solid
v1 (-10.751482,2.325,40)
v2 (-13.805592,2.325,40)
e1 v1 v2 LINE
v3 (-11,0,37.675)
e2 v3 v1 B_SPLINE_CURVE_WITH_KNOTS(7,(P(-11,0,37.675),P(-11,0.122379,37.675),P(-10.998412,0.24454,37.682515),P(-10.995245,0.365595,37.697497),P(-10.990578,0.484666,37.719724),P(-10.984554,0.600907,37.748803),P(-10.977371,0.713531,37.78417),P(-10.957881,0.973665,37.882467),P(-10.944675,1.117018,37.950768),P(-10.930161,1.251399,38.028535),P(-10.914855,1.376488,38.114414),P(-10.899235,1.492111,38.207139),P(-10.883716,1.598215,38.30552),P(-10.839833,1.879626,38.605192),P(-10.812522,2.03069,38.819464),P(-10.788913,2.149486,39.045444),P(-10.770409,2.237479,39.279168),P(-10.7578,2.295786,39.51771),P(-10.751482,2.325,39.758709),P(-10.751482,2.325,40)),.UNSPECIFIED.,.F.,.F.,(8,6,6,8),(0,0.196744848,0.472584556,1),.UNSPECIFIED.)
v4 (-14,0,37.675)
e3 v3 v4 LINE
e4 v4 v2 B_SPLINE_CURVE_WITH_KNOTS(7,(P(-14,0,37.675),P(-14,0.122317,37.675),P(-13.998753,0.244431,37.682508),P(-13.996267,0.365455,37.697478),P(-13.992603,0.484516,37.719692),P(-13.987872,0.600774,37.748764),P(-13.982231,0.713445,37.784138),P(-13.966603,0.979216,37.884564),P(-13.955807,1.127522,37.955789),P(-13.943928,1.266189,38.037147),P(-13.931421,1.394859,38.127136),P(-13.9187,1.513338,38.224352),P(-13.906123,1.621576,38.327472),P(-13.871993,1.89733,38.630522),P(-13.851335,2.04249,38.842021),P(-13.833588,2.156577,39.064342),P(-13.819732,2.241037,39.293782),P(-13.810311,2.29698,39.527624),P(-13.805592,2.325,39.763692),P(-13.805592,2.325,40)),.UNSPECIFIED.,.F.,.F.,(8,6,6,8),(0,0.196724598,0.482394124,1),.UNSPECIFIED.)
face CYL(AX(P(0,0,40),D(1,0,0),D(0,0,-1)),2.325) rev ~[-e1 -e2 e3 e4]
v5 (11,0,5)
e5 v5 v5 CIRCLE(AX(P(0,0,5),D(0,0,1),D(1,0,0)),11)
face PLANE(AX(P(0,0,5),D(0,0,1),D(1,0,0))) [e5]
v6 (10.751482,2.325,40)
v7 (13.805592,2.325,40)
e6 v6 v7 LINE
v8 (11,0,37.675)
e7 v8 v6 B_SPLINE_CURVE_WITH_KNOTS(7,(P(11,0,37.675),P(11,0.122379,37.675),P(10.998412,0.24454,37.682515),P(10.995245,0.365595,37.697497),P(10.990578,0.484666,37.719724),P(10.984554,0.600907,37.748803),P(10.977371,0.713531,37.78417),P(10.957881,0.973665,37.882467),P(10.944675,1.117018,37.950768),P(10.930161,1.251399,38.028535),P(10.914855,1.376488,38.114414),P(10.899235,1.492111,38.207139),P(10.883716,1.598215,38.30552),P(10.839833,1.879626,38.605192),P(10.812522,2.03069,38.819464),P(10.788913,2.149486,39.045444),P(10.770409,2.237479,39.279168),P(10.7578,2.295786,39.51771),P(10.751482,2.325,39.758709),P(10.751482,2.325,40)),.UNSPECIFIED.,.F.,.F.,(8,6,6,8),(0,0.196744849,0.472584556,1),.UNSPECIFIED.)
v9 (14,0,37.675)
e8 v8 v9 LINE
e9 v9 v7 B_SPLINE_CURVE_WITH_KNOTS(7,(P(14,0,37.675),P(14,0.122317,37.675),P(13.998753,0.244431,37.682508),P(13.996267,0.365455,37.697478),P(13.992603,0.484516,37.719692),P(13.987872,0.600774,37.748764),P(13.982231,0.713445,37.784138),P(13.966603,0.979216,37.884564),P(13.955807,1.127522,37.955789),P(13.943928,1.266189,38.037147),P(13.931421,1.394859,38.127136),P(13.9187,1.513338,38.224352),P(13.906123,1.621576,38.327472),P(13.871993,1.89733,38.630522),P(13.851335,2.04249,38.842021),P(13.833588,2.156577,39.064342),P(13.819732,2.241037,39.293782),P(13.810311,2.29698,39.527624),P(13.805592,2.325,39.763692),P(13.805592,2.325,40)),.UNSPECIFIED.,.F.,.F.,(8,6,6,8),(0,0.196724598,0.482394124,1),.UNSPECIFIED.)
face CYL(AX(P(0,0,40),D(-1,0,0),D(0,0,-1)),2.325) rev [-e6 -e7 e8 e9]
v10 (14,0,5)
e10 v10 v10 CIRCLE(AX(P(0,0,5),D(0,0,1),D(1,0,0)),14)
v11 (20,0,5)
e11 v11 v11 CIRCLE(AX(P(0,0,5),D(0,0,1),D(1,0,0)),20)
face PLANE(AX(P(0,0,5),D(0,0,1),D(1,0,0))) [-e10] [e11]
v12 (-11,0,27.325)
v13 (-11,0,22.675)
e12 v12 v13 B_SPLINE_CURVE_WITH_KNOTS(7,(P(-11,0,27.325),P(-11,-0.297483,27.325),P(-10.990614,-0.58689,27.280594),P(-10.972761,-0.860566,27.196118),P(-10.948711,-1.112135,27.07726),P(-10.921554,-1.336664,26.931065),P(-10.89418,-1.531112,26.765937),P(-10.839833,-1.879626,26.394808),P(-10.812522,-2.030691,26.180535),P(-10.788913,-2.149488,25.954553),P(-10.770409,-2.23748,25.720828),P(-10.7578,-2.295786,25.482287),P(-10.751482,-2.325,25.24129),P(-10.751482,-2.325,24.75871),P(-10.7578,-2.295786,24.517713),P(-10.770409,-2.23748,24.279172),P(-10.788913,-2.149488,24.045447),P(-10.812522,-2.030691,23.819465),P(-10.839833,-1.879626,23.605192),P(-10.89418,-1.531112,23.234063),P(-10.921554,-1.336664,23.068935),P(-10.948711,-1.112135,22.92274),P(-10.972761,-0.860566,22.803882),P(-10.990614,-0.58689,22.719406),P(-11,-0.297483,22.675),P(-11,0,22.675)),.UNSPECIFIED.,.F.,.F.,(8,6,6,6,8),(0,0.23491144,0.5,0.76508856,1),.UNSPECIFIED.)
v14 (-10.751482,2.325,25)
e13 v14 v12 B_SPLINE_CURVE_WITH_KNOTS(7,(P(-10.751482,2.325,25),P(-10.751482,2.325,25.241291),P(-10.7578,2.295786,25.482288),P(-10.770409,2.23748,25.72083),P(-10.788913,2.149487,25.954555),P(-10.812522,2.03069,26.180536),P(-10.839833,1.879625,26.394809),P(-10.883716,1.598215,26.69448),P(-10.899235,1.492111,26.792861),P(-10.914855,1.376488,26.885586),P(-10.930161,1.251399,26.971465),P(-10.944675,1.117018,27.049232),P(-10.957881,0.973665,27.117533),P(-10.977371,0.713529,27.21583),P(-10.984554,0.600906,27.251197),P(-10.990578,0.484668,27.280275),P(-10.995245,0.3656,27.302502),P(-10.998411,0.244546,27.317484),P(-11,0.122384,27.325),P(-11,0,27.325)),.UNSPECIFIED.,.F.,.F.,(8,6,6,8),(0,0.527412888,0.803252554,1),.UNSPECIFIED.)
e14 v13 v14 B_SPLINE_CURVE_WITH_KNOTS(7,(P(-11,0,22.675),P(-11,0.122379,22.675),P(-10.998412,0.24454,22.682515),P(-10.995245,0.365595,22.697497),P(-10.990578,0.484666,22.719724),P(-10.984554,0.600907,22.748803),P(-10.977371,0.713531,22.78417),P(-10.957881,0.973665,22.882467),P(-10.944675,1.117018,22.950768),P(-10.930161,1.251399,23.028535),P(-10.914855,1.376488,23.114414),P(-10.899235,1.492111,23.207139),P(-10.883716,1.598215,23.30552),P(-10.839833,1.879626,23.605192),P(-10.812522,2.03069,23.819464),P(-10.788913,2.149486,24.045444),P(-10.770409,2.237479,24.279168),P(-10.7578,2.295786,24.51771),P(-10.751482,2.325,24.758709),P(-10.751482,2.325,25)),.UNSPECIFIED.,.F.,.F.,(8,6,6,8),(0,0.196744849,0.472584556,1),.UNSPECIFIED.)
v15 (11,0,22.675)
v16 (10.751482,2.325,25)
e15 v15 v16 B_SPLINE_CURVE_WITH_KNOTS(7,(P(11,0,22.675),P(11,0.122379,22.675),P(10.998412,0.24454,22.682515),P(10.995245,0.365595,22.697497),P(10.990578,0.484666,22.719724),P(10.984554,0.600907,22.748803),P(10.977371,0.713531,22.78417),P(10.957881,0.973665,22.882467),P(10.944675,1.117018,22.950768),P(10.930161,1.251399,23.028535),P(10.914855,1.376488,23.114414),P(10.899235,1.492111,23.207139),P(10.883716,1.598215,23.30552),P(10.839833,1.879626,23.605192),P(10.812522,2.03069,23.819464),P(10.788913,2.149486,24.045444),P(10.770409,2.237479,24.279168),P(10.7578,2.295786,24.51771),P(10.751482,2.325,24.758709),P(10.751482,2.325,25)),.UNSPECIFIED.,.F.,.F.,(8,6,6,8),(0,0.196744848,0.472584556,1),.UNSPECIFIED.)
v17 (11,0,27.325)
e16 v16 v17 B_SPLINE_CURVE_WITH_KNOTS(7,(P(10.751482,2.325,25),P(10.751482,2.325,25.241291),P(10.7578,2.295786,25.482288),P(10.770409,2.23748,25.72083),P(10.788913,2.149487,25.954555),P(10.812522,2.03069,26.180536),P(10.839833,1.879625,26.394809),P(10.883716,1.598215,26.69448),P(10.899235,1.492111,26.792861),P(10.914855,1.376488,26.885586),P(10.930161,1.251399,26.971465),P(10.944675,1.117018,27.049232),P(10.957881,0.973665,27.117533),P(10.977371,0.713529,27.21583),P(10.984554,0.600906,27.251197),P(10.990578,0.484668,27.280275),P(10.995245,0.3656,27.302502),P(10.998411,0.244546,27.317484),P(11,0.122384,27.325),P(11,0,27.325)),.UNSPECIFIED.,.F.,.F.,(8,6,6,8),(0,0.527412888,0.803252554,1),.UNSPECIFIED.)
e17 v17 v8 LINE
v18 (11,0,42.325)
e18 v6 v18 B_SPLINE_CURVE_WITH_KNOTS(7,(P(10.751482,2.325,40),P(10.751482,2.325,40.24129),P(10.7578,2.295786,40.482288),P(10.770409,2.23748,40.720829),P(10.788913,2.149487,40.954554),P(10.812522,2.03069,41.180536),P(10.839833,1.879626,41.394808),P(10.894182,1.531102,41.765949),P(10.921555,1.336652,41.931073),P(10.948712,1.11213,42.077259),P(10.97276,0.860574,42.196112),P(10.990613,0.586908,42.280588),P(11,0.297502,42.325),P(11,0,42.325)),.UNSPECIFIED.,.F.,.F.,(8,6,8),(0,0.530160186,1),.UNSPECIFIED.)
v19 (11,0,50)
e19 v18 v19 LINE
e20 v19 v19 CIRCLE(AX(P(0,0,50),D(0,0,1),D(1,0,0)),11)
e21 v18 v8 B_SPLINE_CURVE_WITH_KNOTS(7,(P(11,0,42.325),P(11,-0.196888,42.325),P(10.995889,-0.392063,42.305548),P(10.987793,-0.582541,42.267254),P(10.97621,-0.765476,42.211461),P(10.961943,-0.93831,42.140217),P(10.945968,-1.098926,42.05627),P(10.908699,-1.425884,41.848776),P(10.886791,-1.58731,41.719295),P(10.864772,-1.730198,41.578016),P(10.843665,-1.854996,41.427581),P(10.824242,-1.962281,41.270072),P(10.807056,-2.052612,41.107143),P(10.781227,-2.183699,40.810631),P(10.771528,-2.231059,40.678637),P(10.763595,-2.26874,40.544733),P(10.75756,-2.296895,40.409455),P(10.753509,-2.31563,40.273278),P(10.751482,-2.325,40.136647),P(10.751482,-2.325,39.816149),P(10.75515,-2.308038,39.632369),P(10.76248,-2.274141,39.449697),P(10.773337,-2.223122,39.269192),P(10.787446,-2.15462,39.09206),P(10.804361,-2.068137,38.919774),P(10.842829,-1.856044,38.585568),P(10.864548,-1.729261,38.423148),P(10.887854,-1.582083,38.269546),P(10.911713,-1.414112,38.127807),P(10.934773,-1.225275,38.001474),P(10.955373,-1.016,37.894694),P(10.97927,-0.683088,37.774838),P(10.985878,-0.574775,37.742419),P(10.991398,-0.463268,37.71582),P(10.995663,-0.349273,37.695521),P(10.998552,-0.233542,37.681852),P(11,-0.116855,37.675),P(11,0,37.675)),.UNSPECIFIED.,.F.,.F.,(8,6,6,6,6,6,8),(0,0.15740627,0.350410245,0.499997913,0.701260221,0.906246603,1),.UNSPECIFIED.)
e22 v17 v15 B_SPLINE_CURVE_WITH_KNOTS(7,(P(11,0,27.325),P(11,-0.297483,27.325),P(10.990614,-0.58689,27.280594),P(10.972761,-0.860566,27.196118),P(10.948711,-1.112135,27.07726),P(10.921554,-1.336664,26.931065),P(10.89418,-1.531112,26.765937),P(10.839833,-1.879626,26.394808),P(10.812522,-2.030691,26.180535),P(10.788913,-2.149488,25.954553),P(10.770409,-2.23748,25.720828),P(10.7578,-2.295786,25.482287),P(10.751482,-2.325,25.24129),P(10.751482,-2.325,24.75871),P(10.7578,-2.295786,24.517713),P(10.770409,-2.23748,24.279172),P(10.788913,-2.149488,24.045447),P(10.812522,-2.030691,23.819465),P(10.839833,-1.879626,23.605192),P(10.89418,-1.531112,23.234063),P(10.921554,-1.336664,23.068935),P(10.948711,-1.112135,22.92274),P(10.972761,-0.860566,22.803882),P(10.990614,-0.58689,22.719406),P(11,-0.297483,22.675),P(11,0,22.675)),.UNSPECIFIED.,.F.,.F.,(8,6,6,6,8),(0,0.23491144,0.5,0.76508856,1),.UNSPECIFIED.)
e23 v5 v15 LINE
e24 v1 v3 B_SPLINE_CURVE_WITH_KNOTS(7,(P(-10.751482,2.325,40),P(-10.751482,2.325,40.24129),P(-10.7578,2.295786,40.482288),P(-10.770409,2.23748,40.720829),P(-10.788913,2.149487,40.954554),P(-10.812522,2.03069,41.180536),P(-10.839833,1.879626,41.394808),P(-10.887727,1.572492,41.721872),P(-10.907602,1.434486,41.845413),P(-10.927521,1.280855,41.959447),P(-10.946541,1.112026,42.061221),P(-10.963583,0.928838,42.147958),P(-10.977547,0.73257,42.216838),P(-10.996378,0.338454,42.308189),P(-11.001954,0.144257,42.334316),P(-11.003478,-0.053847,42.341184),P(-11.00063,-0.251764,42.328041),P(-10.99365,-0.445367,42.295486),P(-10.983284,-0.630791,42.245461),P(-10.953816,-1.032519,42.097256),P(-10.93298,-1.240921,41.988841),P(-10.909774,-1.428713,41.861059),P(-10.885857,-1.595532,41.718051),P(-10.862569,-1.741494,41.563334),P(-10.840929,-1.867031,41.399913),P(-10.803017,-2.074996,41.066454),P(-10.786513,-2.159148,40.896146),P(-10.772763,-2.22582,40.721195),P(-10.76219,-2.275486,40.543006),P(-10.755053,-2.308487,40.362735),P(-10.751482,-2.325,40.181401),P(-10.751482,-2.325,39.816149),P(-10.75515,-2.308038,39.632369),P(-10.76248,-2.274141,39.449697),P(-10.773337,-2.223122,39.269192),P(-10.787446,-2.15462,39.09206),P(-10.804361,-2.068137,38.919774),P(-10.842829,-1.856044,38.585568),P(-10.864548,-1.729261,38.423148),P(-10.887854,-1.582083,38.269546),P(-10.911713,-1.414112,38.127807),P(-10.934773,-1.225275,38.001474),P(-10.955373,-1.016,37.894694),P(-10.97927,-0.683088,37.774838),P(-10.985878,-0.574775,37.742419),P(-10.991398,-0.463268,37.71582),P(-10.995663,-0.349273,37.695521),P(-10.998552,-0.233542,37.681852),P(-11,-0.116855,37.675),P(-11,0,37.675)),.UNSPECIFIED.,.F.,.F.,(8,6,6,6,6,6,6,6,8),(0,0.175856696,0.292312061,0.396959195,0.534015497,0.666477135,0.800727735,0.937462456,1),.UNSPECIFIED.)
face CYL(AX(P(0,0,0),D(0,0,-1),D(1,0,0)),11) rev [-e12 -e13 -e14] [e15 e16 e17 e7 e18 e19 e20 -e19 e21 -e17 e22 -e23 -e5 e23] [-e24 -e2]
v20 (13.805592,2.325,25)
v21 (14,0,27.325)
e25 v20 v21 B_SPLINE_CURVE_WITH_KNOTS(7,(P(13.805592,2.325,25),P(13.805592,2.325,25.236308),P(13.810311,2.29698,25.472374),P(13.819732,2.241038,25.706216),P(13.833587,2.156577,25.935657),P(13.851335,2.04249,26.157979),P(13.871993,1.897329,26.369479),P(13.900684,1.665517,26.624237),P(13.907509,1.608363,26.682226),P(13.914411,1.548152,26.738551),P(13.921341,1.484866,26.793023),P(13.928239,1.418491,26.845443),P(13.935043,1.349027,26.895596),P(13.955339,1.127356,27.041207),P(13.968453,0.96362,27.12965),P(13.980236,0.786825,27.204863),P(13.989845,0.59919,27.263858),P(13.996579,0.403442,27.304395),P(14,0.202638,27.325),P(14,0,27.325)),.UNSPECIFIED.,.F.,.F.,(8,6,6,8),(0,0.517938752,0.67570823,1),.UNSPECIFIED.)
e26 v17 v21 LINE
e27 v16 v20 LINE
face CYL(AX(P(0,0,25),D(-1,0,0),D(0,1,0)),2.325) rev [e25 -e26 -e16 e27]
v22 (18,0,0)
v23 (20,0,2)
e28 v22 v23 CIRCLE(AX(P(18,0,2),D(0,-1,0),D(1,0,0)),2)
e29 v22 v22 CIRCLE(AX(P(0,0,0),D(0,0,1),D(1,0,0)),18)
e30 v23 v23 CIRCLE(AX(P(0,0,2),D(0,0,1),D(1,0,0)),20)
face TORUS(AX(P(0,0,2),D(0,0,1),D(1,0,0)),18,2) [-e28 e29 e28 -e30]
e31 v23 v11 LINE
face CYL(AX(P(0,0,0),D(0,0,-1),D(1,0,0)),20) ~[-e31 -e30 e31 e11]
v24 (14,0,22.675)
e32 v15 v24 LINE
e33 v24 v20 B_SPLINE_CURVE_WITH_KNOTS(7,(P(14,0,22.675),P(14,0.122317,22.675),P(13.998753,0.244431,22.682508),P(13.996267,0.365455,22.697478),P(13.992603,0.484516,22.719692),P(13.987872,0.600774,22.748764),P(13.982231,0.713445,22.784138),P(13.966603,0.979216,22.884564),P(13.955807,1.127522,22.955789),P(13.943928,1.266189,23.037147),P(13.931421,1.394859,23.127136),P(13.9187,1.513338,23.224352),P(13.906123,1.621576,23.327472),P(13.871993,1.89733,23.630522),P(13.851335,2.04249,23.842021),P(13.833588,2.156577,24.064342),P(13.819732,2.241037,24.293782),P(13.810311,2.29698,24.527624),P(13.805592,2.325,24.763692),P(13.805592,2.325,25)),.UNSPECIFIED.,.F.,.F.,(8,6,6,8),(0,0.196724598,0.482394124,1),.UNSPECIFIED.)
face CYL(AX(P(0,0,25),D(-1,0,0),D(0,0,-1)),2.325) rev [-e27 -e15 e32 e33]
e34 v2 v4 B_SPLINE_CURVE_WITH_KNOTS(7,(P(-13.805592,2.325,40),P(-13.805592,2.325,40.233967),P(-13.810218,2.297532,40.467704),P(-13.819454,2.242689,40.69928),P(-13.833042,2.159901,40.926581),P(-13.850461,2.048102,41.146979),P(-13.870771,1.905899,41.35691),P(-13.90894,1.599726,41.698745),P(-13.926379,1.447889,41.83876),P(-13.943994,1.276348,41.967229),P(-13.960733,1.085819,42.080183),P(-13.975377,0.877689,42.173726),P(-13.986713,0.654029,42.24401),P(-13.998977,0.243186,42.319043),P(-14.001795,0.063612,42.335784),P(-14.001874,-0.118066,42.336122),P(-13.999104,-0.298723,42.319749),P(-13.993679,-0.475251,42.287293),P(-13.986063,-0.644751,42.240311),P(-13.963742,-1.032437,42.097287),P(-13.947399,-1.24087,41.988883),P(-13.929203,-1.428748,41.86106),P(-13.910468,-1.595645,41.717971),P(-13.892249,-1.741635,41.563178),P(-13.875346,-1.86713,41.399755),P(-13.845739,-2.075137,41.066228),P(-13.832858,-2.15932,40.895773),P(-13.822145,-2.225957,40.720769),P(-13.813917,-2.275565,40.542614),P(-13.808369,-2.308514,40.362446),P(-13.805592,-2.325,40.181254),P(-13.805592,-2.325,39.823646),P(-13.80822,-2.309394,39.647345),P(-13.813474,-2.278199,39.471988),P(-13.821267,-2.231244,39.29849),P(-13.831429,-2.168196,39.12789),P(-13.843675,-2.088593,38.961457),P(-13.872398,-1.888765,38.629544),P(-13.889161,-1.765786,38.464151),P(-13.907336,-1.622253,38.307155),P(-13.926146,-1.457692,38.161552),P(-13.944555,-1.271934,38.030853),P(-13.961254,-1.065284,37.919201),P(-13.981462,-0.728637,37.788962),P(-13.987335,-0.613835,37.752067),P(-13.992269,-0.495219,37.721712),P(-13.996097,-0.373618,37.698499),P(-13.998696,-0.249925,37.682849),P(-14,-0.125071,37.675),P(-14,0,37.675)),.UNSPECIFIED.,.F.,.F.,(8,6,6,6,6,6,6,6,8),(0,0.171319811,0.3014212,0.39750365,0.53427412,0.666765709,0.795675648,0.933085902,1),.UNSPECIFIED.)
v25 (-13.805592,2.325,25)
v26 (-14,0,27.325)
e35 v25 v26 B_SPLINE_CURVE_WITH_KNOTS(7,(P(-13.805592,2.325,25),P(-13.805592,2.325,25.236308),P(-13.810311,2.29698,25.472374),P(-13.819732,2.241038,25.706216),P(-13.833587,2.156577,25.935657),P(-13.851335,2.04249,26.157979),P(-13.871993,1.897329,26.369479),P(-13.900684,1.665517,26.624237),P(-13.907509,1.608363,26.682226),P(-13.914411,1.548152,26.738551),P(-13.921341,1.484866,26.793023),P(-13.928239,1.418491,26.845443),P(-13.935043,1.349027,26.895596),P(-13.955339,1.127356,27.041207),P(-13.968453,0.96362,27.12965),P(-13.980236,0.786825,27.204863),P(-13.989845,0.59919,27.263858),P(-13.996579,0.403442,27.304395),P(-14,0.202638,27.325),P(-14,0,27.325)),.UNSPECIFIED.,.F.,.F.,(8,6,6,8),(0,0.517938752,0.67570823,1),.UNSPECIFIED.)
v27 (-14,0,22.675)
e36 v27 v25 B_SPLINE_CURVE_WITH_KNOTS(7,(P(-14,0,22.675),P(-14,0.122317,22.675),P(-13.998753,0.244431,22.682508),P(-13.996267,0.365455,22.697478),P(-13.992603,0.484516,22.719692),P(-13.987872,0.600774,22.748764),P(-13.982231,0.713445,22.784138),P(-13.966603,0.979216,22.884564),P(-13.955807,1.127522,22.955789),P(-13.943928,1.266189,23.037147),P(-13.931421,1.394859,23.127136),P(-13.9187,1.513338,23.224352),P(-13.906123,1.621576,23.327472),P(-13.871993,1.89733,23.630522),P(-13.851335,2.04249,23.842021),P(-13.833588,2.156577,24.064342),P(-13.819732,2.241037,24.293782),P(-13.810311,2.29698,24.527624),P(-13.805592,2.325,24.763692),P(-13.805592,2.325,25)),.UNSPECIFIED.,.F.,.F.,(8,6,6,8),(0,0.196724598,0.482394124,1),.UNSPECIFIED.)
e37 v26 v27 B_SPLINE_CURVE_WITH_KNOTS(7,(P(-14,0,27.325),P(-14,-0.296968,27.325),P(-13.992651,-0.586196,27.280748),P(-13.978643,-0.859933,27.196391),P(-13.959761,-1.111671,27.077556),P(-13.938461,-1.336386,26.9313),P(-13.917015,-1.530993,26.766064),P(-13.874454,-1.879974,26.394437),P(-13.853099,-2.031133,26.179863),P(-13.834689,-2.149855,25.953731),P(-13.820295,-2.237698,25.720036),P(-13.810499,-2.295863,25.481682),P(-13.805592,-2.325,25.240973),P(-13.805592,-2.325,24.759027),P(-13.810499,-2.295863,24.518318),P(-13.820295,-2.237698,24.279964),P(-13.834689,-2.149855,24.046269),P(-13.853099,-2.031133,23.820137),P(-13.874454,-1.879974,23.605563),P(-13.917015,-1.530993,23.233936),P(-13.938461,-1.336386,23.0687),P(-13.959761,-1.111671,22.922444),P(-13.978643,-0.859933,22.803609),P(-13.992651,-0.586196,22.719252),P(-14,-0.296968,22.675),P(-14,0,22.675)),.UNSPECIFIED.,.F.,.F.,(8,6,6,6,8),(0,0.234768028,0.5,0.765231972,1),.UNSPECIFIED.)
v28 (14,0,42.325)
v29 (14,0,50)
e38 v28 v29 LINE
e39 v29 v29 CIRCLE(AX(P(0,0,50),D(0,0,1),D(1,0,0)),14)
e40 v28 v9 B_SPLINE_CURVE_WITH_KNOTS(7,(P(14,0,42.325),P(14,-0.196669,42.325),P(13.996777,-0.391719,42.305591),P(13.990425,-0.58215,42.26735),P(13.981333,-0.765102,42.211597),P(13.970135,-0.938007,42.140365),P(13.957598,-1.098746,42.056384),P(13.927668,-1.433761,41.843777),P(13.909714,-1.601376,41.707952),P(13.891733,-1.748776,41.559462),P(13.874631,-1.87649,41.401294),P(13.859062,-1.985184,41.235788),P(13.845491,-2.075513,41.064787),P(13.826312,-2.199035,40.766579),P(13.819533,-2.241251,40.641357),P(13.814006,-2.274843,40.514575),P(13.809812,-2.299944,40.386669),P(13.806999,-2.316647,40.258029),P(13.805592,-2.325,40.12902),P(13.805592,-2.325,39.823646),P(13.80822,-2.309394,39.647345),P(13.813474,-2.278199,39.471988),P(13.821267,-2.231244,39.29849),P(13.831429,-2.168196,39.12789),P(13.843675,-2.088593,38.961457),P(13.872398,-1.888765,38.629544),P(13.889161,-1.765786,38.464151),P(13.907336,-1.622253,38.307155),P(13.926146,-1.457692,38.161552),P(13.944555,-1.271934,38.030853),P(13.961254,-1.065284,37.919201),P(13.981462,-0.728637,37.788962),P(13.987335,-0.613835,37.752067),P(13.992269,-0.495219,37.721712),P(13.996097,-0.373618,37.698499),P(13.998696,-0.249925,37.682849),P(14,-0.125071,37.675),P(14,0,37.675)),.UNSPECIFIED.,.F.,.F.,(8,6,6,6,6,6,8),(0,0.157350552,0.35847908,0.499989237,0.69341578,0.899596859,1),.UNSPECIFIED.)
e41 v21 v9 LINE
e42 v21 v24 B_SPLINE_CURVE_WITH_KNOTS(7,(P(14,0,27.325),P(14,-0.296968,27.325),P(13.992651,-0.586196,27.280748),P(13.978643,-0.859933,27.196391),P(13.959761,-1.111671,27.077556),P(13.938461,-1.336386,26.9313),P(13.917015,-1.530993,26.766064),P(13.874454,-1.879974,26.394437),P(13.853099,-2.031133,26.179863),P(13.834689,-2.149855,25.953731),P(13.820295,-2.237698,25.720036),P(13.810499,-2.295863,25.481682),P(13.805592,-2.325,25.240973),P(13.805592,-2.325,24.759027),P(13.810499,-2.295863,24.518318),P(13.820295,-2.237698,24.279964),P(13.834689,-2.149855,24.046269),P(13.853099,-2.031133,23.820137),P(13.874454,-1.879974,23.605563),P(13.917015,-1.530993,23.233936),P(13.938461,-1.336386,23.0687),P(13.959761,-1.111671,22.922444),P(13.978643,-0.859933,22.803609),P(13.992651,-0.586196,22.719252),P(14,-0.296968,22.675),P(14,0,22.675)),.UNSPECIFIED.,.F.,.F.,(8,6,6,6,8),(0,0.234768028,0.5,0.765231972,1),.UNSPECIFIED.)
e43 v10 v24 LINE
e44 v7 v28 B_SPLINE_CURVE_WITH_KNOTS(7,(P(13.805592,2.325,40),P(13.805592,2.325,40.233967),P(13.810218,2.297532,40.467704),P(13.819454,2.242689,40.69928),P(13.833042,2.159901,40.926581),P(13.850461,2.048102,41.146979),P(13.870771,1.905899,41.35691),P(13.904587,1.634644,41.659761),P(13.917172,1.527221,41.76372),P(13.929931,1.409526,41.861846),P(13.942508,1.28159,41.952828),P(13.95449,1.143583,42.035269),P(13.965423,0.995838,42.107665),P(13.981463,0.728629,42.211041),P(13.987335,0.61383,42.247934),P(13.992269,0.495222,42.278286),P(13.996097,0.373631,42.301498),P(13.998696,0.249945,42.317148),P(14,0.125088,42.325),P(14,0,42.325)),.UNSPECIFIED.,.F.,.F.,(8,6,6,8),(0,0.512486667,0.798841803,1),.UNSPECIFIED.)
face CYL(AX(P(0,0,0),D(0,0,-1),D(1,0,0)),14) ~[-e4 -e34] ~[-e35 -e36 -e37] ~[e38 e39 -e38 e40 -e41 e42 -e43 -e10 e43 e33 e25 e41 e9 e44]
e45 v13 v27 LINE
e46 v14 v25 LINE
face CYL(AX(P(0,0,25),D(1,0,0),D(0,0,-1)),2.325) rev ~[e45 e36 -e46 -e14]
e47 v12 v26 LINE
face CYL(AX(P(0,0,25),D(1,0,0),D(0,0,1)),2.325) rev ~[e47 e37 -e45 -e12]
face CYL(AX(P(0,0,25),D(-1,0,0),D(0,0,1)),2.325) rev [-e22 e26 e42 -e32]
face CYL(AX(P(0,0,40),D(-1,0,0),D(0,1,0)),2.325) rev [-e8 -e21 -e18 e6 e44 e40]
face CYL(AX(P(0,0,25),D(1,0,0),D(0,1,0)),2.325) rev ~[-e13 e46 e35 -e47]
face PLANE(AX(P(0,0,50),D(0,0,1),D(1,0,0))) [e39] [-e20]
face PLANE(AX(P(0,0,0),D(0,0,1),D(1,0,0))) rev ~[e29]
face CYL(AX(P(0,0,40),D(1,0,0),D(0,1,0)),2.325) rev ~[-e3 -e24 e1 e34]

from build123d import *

# Parameters (mm, degrees)
F0_R          = 14
F0_R_2        = 11
F1_DEPTH      = 50
F0_R_3        = 20
F2_DEPTH      = 5
F3_DEPTH      = 5
F4_R          = 2
F6_DEPTH      = 20.0010001
F6_DEPTH_BACK = 25


with BuildPart() as f1:
    # F0 (on Top) → F1 (new body)
    with BuildSketch(Plane.XY):
        Circle(F0_R)
        Circle(F0_R_2, mode=Mode.SUBTRACT)
    extrude(amount=F1_DEPTH)

    # F0 (on Top) → F2 (join)
    with BuildSketch(Plane.XY):
        Circle(F0_R_3)
        Circle(F0_R, mode=Mode.SUBTRACT)
    extrude(amount=F2_DEPTH)

    # F0 (on Top) → F3 (join)
    with BuildSketch(Plane.XY):
        Circle(F0_R_2)
    extrude(amount=F3_DEPTH)

    # F4
    f4_edges = [f1.edges().sort_by_distance(p)[0] for p in [
        (-20, 0, 0),
    ]]
    fillet(f4_edges, radius=F4_R)

    # F5 (on Right) → F6 (cut, two sides)
    with BuildSketch(Plane.YZ) as f6_sk:
        with BuildLine():
            ThreePointArc((2.325, 40), (-1.6440232663, 41.6440232663), (0, 37.675))
            ThreePointArc((0, 37.675), (1.6440232663, 38.3559767337), (2.325, 40))
        make_face()
        with BuildLine():
            Line((0, 25), (0, 22.675))
            ThreePointArc((0, 22.675), (1.6440232663, 23.3559767337), (2.325, 25))
            ThreePointArc((2.325, 25), (1.6440232663, 26.6440232663), (0, 27.325))
            Line((0, 27.325), (0, 25))
        make_face()
        with BuildLine():
            ThreePointArc((0, 27.325), (-2.325, 25), (0, 22.675))
            Line((0, 22.675), (0, 25))
            Line((0, 25), (0, 27.325))
        make_face()
    extrude(amount=-F6_DEPTH, mode=Mode.SUBTRACT)
    extrude(f6_sk.sketch, amount=F6_DEPTH_BACK, mode=Mode.SUBTRACT)


solid = f1.part
